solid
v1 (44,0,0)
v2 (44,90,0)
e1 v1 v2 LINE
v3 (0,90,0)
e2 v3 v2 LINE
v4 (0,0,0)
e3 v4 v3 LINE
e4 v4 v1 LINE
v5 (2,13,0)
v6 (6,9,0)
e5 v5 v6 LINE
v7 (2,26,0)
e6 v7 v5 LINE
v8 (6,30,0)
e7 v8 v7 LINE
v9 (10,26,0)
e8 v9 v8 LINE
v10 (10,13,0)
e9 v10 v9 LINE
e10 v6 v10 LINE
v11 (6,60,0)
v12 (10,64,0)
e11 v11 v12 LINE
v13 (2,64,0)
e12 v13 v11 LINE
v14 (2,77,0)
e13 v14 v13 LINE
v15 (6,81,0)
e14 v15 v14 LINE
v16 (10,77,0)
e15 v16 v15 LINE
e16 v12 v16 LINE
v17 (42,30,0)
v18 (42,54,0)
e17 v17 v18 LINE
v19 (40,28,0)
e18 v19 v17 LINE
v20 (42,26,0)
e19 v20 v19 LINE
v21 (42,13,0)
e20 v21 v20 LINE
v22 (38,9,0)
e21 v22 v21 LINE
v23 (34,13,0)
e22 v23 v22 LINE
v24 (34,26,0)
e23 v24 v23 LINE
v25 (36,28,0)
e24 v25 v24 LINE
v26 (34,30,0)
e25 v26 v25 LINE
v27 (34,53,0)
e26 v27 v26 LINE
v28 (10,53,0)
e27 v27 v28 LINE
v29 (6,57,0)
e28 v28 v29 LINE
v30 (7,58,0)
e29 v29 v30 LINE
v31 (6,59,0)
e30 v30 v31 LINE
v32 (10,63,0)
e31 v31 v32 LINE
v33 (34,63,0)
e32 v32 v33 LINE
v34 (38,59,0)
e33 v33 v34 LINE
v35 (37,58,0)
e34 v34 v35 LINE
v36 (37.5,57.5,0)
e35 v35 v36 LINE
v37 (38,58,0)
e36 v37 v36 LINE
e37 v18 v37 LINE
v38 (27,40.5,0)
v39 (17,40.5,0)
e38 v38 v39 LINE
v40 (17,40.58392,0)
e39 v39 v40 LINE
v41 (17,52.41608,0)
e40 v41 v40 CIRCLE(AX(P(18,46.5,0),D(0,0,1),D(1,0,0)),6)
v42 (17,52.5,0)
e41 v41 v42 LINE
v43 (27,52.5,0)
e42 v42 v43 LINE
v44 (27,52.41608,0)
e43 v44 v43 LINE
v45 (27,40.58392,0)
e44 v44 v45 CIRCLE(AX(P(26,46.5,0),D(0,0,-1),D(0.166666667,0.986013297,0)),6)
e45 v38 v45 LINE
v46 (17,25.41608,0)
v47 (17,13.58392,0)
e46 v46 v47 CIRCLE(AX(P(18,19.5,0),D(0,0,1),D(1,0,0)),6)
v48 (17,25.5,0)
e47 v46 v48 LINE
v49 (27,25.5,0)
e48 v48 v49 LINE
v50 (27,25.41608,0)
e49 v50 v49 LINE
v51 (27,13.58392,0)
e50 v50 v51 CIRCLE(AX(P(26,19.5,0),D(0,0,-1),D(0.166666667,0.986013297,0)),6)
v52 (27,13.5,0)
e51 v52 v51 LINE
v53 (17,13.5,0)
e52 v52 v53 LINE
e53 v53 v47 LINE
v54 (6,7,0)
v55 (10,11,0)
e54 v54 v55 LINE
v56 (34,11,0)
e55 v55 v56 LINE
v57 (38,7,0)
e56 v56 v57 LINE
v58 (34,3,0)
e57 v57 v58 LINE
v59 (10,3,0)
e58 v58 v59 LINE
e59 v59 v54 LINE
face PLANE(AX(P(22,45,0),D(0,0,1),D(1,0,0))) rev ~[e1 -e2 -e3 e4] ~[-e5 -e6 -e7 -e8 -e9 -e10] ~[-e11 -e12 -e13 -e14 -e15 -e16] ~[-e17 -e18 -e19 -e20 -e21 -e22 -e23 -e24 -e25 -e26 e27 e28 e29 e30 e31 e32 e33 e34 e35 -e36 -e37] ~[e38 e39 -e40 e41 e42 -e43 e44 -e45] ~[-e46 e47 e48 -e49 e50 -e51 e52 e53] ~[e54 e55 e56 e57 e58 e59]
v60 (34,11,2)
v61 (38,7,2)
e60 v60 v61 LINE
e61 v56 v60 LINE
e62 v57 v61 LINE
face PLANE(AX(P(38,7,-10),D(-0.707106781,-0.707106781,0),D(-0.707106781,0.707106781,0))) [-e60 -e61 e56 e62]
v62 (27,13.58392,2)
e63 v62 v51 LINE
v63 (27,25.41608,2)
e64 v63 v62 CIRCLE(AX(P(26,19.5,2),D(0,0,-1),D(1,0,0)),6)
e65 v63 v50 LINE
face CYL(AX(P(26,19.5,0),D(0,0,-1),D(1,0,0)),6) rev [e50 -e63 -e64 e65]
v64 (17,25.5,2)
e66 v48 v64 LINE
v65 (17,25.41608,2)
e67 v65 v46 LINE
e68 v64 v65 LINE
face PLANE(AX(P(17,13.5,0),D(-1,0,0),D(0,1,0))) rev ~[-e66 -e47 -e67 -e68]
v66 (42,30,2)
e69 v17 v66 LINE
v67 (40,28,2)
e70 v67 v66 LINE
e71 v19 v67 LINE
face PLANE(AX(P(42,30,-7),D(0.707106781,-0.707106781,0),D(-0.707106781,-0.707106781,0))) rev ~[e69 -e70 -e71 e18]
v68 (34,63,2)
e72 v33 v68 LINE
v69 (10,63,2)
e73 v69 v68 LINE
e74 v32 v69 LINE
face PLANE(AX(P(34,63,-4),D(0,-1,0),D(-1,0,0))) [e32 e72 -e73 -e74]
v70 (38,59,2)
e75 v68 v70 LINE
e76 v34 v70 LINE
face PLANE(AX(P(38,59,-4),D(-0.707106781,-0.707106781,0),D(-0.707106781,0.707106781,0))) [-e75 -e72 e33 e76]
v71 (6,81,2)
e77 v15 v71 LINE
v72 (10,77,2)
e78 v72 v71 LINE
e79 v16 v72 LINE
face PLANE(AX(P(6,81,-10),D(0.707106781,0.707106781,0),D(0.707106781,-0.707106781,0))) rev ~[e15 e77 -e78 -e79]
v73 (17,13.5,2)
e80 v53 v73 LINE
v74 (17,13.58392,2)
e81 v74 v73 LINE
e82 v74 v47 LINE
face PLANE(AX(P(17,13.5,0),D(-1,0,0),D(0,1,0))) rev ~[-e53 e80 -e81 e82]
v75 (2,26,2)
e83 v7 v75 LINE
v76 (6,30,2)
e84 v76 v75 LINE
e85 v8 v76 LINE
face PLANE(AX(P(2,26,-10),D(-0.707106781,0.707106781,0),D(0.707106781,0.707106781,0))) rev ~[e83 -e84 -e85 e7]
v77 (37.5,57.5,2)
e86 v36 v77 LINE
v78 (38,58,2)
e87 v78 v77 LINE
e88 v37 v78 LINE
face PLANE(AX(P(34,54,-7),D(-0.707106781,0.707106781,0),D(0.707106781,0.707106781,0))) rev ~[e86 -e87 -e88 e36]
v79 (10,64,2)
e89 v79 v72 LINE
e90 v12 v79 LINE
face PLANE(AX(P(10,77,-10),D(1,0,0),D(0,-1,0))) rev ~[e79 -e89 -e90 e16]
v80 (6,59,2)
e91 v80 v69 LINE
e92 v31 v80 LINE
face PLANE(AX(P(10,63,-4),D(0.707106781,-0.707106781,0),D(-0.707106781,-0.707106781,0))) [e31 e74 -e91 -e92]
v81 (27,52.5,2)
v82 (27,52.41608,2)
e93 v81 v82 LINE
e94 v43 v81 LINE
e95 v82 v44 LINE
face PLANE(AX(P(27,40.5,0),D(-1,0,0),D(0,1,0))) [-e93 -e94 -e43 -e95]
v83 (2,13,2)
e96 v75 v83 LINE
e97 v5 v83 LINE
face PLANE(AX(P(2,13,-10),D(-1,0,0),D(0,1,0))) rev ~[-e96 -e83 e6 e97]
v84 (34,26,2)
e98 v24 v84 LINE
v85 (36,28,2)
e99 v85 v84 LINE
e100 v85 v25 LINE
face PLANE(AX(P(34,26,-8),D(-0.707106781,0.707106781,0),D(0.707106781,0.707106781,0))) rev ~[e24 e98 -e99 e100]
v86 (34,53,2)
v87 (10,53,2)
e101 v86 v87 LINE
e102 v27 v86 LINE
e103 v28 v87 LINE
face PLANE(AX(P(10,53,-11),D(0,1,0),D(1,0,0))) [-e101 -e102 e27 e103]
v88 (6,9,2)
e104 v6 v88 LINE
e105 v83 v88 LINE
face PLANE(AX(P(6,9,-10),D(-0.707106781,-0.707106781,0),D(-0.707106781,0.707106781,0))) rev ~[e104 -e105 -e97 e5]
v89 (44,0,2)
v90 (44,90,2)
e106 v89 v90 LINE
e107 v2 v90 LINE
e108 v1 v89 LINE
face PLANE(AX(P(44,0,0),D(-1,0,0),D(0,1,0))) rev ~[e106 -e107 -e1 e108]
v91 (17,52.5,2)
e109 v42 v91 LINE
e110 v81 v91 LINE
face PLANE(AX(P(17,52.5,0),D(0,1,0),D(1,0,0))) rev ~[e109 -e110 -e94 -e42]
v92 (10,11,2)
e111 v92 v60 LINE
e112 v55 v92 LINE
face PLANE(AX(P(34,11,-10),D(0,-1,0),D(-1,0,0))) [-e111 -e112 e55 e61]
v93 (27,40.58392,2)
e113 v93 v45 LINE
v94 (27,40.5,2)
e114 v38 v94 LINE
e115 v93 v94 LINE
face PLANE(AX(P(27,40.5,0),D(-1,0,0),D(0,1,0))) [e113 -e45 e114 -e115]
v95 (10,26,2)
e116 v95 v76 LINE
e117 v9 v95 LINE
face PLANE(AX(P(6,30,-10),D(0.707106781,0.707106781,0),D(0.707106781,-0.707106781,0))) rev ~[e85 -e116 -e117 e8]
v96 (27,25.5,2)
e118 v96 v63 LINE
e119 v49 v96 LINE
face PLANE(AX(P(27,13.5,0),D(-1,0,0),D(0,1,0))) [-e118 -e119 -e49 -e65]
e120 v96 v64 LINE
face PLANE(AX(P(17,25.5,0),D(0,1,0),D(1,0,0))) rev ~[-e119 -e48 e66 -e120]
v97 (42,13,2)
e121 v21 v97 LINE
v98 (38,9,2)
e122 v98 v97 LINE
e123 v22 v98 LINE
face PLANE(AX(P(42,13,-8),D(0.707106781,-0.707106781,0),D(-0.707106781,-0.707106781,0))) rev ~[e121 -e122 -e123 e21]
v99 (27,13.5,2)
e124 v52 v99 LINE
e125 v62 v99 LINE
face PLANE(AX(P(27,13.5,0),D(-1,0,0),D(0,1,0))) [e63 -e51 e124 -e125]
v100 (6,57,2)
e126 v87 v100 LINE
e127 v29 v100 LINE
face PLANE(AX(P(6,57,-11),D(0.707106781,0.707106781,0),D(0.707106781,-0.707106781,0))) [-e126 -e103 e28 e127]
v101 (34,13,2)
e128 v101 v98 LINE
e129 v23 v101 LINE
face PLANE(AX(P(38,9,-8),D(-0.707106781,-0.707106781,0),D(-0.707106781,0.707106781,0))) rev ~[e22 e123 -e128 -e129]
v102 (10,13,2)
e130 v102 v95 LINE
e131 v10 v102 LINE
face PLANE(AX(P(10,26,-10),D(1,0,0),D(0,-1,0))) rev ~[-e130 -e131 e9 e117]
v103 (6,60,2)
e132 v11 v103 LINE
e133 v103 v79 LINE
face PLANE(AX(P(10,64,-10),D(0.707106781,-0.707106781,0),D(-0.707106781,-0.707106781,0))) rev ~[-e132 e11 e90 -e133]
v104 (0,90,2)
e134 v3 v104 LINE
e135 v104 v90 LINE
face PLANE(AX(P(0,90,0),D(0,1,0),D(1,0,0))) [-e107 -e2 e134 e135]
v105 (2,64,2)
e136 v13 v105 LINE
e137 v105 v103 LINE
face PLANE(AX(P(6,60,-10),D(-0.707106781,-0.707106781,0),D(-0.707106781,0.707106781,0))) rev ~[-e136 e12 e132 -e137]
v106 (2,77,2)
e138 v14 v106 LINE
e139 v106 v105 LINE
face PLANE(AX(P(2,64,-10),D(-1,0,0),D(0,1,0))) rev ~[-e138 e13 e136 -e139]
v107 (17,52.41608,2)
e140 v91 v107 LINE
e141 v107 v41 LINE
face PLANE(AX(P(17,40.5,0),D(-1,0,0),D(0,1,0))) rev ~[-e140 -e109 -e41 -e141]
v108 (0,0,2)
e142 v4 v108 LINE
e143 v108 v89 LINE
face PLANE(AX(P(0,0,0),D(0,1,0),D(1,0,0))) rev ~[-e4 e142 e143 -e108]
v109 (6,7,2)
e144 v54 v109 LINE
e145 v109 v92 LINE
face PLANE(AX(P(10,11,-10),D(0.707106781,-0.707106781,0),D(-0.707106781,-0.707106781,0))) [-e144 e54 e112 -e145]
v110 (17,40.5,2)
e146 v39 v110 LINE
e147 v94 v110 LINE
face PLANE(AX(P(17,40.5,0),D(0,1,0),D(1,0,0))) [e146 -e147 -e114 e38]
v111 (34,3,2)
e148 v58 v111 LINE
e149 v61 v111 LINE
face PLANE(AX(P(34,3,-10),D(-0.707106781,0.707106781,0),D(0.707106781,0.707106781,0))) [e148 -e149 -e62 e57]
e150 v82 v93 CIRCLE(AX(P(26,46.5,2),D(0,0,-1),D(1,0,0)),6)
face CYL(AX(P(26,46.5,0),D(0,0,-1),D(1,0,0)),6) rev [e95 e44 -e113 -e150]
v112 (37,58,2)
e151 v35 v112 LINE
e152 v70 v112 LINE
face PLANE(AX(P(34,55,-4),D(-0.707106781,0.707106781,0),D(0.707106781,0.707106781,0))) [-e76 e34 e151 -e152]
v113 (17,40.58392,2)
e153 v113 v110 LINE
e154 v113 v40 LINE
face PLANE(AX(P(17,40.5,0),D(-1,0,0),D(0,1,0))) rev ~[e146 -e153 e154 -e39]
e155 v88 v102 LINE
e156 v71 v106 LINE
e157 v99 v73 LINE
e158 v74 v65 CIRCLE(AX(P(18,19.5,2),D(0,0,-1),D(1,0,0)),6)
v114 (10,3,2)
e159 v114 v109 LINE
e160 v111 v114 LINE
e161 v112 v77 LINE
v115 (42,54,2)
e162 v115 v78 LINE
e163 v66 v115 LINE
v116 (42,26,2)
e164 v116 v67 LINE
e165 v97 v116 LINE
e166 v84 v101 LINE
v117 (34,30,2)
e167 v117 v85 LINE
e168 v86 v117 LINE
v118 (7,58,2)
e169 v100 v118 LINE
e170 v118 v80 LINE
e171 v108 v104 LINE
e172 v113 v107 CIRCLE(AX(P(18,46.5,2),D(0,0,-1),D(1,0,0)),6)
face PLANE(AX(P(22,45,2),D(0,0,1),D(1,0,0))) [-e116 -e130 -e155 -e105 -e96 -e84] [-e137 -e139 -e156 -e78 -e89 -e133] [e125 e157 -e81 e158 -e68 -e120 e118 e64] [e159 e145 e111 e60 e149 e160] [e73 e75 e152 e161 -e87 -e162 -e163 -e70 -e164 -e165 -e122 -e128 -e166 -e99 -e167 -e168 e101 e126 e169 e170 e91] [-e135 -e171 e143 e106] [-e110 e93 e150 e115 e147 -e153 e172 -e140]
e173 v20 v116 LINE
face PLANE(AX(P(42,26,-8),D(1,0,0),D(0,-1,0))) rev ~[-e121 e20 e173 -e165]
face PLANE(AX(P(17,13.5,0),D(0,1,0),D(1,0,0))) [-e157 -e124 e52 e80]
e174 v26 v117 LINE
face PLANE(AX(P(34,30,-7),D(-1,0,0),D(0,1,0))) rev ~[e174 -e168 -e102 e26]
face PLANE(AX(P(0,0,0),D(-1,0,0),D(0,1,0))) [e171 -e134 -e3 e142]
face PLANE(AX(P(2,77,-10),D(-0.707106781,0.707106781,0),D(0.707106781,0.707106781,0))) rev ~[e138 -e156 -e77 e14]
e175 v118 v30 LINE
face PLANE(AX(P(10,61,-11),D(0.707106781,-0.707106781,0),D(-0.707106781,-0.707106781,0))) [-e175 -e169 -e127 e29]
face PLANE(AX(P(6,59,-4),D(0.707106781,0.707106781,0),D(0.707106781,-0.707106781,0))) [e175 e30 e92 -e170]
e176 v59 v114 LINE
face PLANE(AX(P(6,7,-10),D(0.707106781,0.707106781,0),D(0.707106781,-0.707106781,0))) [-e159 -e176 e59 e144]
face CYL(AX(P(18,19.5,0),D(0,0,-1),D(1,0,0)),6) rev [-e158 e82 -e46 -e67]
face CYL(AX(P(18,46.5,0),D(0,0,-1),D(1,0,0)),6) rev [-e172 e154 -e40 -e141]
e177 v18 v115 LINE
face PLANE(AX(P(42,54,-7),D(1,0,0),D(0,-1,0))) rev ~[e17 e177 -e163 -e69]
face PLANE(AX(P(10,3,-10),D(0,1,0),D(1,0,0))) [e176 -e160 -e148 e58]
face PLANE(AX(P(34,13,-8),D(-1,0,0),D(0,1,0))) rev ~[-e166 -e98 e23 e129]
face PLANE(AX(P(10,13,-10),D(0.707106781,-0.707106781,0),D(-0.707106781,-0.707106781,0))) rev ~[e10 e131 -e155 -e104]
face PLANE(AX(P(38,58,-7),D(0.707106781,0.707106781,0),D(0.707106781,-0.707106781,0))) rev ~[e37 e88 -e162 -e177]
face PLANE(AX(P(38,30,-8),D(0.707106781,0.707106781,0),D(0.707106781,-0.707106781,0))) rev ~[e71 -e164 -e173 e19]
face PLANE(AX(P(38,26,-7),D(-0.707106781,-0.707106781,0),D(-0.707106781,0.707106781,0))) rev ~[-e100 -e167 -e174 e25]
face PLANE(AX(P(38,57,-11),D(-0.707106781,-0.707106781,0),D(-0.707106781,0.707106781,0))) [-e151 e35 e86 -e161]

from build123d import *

# Parameters (mm, degrees)
BOX007_W          = 10
BOX007_H          = 12
BOX007_DEPTH      = 10
CYLINDER003_R     = 6
CYLINDER003_DEPTH = 10
CYLINDER002_R     = 6
CYLINDER002_DEPTH = 10
BOX006_W          = 10
BOX006_H          = 12
BOX006_DEPTH      = 10
CYLINDER_R        = 6
CYLINDER_DEPTH    = 10
CYLINDER001_R     = 6
CYLINDER001_DEPTH = 10
EXTRUDE002_DEPTH  = 20
EXTRUDE003_DEPTH  = 20
EXTRUDE004_DEPTH  = 20
EXTRUDE005_DEPTH  = 20
EXTRUDE006_DEPTH  = 20
EXTRUDE001_DEPTH  = 20
EXTRUDE_DEPTH     = 20
BOX_W             = 44
BOX_H             = 90
BOX_DEPTH         = 2


with BuildPart() as cube007:
    # Box007 → Box007 (new body)
    with BuildSketch(Plane(origin=(17, 13.5, 0), x_dir=(1, 0, 0), z_dir=(0, 0, 1))):
        with Locations((5, 6)):
            Rectangle(BOX007_W, BOX007_H)
    extrude(amount=BOX007_DEPTH)


with BuildPart() as fusion003:
    # Cylinder003 → Cylinder003 (new body)
    with BuildSketch(Plane(origin=(18, 19.5, 0), x_dir=(1, 0, 0), z_dir=(0, 0, 1))):
        Circle(CYLINDER003_R)
    extrude(amount=CYLINDER003_DEPTH)

    # Fusion003: union Cube007
    add(cube007.part)


with BuildPart() as fusion002:
    # Cylinder002 → Cylinder002 (new body)
    with BuildSketch(Plane(origin=(26, 19.5, 0), x_dir=(1, 0, 0), z_dir=(0, 0, 1))):
        Circle(CYLINDER002_R)
    extrude(amount=CYLINDER002_DEPTH)

    # Fusion002: union Fusion003
    add(fusion003.part)


with BuildPart() as fusion002_1:
    # Fusion002 placement: moved
    add(fusion002.part.moved(Location((0, 27, 0))))


with BuildPart() as cube006:
    # Box006 → Box006 (new body)
    with BuildSketch(Plane(origin=(17, 13.5, 0), x_dir=(1, 0, 0), z_dir=(0, 0, 1))):
        with Locations((5, 6)):
            Rectangle(BOX006_W, BOX006_H)
    extrude(amount=BOX006_DEPTH)


with BuildPart() as fusion:
    # Cylinder → Cylinder (new body)
    with BuildSketch(Plane(origin=(18, 19.5, 0), x_dir=(1, 0, 0), z_dir=(0, 0, 1))):
        Circle(CYLINDER_R)
    extrude(amount=CYLINDER_DEPTH)

    # Fusion: union Cube006
    add(cube006.part)


with BuildPart() as fusion001:
    # Cylinder001 → Cylinder001 (new body)
    with BuildSketch(Plane(origin=(26, 19.5, 0), x_dir=(1, 0, 0), z_dir=(0, 0, 1))):
        Circle(CYLINDER001_R)
    extrude(amount=CYLINDER001_DEPTH)

    # Fusion001: union Fusion
    add(fusion.part)


with BuildPart() as extrude_c:
    # Sketch007 (on Face6 of Box005) → Extrude002 (new body)
    with BuildSketch(Plane.XY.offset(10)):
        Polygon((38, 30), (42, 26), (42, 13), (38, 9), (34, 13), (34, 26), align=None)
    extrude(amount=EXTRUDE002_DEPTH)


with BuildPart() as extrude_c_1:
    # Extrude002 placement: moved
    add(extrude_c.part.moved(Location((0, 0, -18))))


with BuildPart() as extrude_d:
    # Sketch004 (on Face6 of Box002) → Extrude003 (new body)
    with BuildSketch(Plane.XY.offset(10)):
        Polygon((10, 11), (6, 7), (10, 3), (34, 3), (38, 7), (34, 11), align=None)
    extrude(amount=EXTRUDE003_DEPTH)


with BuildPart() as extrude_d_1:
    # Extrude003 placement: moved
    add(extrude_d.part.moved(Location((0, 0, -20))))


with BuildPart() as extrude_e:
    # Sketch005 (on Face6 of Box003) → Extrude004 (new body)
    with BuildSketch(Plane.XY.offset(10)):
        Polygon((6, 30), (10, 26), (10, 13), (6, 9), (2, 13), (2, 26), align=None)
    extrude(amount=EXTRUDE004_DEPTH)


with BuildPart() as extrude_e_1:
    # Extrude004 placement: moved
    add(extrude_e.part.moved(Location((0, 0, -20))))


with BuildPart() as extrude_f:
    # Sketch (on Face6 of Box) → Extrude005 (new body)
    with BuildSketch(Plane.XY.offset(2)):
        Polygon((6, 81), (10, 77), (10, 64), (6, 60), (2, 64), (2, 77), align=None)
    extrude(amount=EXTRUDE005_DEPTH)


with BuildPart() as extrude_f_1:
    # Extrude005 placement: moved
    add(extrude_f.part.moved(Location((0, 0, -12))))


with BuildPart() as extrude_g:
    # Sketch002 (on Face6 of Box) → Extrude006 (new body)
    with BuildSketch(Plane.XY.offset(2)):
        Polygon((10, 61), (6, 57), (10, 53), (34, 53), (38, 57), (34, 61), align=None)
    extrude(amount=EXTRUDE006_DEPTH)


with BuildPart() as extrude_g_1:
    # Extrude006 placement: moved
    add(extrude_g.part.moved(Location((0, 0, -13))))


with BuildPart() as extrude_b:
    # Sketch006 (on Face6 of Box004) → Extrude001 (new body)
    with BuildSketch(Plane.XY.offset(10)):
        Polygon((38, 58), (42, 54), (42, 30), (38, 26), (34, 30), (34, 54), align=None)
    extrude(amount=EXTRUDE001_DEPTH)


with BuildPart() as extrude_b_1:
    # Extrude001 placement: moved
    add(extrude_b.part.moved(Location((0, 0, -17))))


with BuildPart() as extrude_a:
    # Sketch003 (on Face6 of Box001) → Extrude (new body)
    with BuildSketch(Plane.XY.offset(10)):
        Polygon((10, 63), (6, 59), (10, 55), (34, 55), (38, 59), (34, 63), align=None)
    extrude(amount=EXTRUDE_DEPTH)


with BuildPart() as extrude_a_1:
    # Extrude placement: moved
    add(extrude_a.part.moved(Location((0, 0, -14))))


with BuildPart() as plantilla_4mm:
    # Box → Box (new body)
    with BuildSketch(Plane.XY):
        with Locations((22, 45)):
            Rectangle(BOX_W, BOX_H)
    extrude(amount=BOX_DEPTH)

    # Cut: cut Extrude_A
    add(extrude_a_1.part, mode=Mode.SUBTRACT)

    # Cut001: cut Extrude_B
    add(extrude_b_1.part, mode=Mode.SUBTRACT)

    # Cut002: cut Extrude_G
    add(extrude_g_1.part, mode=Mode.SUBTRACT)

    # Cut003: cut Extrude_F
    add(extrude_f_1.part, mode=Mode.SUBTRACT)

    # Cut004: cut Extrude_E
    add(extrude_e_1.part, mode=Mode.SUBTRACT)

    # Cut005: cut Extrude_D
    add(extrude_d_1.part, mode=Mode.SUBTRACT)

    # Cut006: cut Extrude_C
    add(extrude_c_1.part, mode=Mode.SUBTRACT)

    # Cut007: cut Fusion001
    add(fusion001.part, mode=Mode.SUBTRACT)

    # Cut008: cut Fusion002
    add(fusion002_1.part, mode=Mode.SUBTRACT)


solid = plantilla_4mm.part
